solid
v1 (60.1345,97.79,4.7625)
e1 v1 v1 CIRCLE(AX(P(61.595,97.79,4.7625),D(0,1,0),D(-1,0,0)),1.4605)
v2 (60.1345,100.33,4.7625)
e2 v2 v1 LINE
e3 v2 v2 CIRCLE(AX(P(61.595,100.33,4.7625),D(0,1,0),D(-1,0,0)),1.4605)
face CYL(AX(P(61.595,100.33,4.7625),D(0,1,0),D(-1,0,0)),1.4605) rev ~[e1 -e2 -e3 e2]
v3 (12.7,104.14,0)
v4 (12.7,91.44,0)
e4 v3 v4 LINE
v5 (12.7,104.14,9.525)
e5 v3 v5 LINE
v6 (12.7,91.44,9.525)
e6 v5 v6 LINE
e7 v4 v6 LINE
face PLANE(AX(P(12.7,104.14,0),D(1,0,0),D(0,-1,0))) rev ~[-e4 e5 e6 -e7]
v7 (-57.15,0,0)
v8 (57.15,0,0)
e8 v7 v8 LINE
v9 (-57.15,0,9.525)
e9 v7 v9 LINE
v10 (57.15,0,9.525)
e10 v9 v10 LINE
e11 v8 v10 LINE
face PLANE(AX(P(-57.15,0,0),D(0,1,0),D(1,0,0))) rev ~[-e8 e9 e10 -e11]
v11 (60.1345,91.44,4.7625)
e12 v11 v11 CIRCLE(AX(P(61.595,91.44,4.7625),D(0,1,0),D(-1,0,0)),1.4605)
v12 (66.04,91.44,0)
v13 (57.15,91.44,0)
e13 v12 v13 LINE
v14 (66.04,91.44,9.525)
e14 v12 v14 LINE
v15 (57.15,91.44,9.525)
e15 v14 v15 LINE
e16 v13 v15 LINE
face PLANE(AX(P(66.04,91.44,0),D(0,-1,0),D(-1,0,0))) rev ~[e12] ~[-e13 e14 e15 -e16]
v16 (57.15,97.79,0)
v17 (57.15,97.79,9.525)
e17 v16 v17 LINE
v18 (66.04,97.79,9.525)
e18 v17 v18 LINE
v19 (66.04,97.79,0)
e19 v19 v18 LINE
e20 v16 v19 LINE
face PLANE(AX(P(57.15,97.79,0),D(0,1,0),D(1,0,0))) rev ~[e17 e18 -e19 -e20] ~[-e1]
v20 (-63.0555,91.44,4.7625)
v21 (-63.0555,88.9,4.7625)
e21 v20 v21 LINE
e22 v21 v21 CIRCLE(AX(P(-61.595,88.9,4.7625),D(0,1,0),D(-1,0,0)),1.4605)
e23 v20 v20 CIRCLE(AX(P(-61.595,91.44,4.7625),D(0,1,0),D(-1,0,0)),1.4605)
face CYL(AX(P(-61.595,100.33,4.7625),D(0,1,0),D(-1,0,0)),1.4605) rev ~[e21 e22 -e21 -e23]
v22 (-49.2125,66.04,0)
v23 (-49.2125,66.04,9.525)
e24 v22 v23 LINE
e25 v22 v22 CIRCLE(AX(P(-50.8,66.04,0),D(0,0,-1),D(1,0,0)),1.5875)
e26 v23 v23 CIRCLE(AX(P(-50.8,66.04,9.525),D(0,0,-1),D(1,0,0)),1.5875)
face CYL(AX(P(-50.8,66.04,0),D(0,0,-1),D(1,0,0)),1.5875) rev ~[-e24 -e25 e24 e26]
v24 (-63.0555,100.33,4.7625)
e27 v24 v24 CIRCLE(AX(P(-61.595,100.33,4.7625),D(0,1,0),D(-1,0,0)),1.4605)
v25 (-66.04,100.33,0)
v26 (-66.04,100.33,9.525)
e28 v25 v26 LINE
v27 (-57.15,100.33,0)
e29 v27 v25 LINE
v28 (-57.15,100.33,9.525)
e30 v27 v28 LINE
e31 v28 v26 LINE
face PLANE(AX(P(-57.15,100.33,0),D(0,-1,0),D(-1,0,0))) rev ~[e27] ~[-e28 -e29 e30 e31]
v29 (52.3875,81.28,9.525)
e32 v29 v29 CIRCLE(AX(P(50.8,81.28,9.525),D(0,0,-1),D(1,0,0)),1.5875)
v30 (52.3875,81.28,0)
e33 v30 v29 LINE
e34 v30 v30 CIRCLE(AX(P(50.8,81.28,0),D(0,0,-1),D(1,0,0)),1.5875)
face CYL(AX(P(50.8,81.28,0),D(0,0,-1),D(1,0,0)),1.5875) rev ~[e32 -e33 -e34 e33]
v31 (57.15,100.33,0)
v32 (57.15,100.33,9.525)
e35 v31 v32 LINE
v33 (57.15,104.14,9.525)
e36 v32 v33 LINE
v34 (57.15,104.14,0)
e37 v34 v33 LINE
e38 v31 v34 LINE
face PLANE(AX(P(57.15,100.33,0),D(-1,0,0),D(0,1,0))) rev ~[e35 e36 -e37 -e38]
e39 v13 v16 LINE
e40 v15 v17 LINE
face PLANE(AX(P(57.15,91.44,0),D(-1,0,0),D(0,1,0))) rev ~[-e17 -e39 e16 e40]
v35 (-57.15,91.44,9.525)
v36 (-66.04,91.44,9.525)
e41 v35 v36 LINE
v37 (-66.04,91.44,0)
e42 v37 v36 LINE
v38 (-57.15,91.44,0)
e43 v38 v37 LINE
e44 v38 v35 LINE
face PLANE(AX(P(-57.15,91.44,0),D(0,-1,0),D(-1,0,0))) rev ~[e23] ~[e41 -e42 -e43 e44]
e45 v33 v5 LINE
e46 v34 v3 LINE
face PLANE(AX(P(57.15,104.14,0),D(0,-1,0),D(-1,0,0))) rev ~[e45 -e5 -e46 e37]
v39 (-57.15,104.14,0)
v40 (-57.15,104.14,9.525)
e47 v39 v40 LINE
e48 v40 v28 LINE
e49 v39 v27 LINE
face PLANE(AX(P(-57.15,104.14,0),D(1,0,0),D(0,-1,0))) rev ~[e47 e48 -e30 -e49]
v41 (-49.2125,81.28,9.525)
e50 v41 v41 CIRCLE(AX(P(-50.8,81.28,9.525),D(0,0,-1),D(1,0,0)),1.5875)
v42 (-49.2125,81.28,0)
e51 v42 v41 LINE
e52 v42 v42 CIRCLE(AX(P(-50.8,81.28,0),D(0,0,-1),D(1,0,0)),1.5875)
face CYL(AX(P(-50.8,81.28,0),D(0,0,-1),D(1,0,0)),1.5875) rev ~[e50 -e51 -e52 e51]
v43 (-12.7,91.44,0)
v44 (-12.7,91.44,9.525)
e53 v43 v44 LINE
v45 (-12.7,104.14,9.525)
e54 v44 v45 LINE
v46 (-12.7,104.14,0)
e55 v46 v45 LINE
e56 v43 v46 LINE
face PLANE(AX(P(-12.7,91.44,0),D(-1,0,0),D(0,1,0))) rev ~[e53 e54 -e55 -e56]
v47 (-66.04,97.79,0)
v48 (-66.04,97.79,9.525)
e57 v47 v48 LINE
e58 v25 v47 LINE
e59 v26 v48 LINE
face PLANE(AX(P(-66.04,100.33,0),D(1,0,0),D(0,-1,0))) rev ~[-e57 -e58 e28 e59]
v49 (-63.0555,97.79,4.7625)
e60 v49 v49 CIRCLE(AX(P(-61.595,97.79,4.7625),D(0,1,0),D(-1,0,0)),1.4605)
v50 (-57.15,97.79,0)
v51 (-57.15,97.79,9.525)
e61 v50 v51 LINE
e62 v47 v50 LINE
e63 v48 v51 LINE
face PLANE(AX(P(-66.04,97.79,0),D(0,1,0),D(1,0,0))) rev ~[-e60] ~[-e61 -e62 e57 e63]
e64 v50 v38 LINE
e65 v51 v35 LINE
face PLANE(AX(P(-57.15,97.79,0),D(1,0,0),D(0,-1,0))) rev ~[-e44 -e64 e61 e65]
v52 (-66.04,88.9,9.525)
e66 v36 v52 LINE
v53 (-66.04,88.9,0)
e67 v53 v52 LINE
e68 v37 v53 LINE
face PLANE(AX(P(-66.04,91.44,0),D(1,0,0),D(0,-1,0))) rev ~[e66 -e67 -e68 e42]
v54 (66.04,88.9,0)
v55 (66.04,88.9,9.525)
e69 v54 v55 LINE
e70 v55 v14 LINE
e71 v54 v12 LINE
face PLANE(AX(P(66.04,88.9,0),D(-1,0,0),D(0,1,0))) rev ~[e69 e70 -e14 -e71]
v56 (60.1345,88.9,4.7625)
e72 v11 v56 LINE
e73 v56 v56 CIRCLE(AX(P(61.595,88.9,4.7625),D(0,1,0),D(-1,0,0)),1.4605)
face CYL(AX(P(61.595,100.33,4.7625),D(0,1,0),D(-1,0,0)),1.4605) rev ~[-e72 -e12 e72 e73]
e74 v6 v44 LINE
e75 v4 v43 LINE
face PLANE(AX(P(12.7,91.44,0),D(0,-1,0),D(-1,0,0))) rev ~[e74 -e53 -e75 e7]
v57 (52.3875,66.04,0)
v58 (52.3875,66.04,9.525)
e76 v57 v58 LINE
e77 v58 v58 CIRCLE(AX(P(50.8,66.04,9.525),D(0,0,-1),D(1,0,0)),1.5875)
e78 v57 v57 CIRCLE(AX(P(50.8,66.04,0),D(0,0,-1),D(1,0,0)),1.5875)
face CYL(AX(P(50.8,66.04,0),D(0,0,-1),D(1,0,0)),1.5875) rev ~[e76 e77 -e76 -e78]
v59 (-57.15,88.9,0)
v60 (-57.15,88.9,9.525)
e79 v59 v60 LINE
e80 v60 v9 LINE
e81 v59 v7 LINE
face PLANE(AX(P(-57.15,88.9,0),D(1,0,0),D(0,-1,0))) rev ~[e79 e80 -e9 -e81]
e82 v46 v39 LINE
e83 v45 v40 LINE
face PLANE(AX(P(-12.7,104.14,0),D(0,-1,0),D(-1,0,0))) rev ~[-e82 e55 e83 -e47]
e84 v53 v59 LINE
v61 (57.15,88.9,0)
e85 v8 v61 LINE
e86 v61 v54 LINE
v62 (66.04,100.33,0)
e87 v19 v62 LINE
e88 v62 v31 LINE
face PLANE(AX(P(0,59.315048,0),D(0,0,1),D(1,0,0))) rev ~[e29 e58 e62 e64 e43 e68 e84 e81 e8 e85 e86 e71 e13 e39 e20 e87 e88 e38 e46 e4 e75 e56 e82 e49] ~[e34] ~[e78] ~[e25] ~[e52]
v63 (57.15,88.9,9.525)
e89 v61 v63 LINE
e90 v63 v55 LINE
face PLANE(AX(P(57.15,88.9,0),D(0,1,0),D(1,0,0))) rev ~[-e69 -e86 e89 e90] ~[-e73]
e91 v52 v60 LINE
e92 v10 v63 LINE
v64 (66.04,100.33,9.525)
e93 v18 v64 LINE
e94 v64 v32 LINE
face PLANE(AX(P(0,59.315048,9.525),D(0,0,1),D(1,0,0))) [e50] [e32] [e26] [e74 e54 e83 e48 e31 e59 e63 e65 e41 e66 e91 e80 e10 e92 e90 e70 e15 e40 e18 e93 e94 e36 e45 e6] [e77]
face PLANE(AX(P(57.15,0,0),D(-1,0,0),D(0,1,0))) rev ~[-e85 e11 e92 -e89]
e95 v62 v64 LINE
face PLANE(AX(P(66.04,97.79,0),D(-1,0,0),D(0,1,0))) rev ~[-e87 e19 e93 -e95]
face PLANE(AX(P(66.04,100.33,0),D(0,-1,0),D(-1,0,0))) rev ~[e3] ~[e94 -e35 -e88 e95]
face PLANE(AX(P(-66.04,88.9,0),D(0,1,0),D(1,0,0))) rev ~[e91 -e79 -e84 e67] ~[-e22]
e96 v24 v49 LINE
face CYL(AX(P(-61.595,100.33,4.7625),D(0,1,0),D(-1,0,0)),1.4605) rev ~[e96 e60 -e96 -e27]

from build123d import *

# Parameters (mm, degrees)
F1_DEPTH = 9.525
F2_R     = 1.4605
F3_DEPTH = 100.331
F4_R     = 1.5875
F5_DEPTH = 9.526


with BuildPart() as f1:
    # F0 (on Top) → F1 (new body)
    with BuildSketch(Plane.XY):
        Polygon((57.15, 100.33), (57.15, 104.14), (12.7, 104.14), (12.7, 91.44), (0, 91.44), (-12.7, 91.44), (-12.7, 104.14), (-57.15, 104.14), (-57.15, 100.33), (-66.04, 100.33), (-66.04, 97.79), (-57.15, 97.79), (-57.15, 91.44), (-66.04, 91.44), (-66.04, 88.9), (-57.15, 88.9), (-57.15, 0), (0, 0), (57.15, 0), (57.15, 88.9), (66.04, 88.9), (66.04, 91.44), (57.15, 91.44), (57.15, 97.79), (66.04, 97.79), (66.04, 100.33), align=None)
    extrude(amount=F1_DEPTH)

    # F2 (on face) → F3 (cut, through all)
    with BuildSketch(Plane(origin=(0, 100.33, 0), x_dir=(-1, 0, 0), z_dir=(0, 1, 0))):
        with Locations((-61.595, 4.7625)):
            Circle(F2_R)
        with Locations((61.595, 4.7625)):
            Circle(F2_R)
    extrude(amount=-F3_DEPTH, mode=Mode.SUBTRACT)

    # F4 (on face) → F5 (cut, through all)
    with BuildSketch(Plane(origin=(0, 0, 0), x_dir=(1, 0, 0), z_dir=(0, 0, -1))):
        with Locations((50.8, -81.28)):
            Circle(F4_R)
        with Locations((50.8, -66.04)):
            Circle(F4_R)
        with Locations((-50.8, -81.28)):
            Circle(F4_R)
        with Locations((-50.8, -66.04)):
            Circle(F4_R)
    extrude(amount=-F5_DEPTH, mode=Mode.SUBTRACT)


solid = f1.part
